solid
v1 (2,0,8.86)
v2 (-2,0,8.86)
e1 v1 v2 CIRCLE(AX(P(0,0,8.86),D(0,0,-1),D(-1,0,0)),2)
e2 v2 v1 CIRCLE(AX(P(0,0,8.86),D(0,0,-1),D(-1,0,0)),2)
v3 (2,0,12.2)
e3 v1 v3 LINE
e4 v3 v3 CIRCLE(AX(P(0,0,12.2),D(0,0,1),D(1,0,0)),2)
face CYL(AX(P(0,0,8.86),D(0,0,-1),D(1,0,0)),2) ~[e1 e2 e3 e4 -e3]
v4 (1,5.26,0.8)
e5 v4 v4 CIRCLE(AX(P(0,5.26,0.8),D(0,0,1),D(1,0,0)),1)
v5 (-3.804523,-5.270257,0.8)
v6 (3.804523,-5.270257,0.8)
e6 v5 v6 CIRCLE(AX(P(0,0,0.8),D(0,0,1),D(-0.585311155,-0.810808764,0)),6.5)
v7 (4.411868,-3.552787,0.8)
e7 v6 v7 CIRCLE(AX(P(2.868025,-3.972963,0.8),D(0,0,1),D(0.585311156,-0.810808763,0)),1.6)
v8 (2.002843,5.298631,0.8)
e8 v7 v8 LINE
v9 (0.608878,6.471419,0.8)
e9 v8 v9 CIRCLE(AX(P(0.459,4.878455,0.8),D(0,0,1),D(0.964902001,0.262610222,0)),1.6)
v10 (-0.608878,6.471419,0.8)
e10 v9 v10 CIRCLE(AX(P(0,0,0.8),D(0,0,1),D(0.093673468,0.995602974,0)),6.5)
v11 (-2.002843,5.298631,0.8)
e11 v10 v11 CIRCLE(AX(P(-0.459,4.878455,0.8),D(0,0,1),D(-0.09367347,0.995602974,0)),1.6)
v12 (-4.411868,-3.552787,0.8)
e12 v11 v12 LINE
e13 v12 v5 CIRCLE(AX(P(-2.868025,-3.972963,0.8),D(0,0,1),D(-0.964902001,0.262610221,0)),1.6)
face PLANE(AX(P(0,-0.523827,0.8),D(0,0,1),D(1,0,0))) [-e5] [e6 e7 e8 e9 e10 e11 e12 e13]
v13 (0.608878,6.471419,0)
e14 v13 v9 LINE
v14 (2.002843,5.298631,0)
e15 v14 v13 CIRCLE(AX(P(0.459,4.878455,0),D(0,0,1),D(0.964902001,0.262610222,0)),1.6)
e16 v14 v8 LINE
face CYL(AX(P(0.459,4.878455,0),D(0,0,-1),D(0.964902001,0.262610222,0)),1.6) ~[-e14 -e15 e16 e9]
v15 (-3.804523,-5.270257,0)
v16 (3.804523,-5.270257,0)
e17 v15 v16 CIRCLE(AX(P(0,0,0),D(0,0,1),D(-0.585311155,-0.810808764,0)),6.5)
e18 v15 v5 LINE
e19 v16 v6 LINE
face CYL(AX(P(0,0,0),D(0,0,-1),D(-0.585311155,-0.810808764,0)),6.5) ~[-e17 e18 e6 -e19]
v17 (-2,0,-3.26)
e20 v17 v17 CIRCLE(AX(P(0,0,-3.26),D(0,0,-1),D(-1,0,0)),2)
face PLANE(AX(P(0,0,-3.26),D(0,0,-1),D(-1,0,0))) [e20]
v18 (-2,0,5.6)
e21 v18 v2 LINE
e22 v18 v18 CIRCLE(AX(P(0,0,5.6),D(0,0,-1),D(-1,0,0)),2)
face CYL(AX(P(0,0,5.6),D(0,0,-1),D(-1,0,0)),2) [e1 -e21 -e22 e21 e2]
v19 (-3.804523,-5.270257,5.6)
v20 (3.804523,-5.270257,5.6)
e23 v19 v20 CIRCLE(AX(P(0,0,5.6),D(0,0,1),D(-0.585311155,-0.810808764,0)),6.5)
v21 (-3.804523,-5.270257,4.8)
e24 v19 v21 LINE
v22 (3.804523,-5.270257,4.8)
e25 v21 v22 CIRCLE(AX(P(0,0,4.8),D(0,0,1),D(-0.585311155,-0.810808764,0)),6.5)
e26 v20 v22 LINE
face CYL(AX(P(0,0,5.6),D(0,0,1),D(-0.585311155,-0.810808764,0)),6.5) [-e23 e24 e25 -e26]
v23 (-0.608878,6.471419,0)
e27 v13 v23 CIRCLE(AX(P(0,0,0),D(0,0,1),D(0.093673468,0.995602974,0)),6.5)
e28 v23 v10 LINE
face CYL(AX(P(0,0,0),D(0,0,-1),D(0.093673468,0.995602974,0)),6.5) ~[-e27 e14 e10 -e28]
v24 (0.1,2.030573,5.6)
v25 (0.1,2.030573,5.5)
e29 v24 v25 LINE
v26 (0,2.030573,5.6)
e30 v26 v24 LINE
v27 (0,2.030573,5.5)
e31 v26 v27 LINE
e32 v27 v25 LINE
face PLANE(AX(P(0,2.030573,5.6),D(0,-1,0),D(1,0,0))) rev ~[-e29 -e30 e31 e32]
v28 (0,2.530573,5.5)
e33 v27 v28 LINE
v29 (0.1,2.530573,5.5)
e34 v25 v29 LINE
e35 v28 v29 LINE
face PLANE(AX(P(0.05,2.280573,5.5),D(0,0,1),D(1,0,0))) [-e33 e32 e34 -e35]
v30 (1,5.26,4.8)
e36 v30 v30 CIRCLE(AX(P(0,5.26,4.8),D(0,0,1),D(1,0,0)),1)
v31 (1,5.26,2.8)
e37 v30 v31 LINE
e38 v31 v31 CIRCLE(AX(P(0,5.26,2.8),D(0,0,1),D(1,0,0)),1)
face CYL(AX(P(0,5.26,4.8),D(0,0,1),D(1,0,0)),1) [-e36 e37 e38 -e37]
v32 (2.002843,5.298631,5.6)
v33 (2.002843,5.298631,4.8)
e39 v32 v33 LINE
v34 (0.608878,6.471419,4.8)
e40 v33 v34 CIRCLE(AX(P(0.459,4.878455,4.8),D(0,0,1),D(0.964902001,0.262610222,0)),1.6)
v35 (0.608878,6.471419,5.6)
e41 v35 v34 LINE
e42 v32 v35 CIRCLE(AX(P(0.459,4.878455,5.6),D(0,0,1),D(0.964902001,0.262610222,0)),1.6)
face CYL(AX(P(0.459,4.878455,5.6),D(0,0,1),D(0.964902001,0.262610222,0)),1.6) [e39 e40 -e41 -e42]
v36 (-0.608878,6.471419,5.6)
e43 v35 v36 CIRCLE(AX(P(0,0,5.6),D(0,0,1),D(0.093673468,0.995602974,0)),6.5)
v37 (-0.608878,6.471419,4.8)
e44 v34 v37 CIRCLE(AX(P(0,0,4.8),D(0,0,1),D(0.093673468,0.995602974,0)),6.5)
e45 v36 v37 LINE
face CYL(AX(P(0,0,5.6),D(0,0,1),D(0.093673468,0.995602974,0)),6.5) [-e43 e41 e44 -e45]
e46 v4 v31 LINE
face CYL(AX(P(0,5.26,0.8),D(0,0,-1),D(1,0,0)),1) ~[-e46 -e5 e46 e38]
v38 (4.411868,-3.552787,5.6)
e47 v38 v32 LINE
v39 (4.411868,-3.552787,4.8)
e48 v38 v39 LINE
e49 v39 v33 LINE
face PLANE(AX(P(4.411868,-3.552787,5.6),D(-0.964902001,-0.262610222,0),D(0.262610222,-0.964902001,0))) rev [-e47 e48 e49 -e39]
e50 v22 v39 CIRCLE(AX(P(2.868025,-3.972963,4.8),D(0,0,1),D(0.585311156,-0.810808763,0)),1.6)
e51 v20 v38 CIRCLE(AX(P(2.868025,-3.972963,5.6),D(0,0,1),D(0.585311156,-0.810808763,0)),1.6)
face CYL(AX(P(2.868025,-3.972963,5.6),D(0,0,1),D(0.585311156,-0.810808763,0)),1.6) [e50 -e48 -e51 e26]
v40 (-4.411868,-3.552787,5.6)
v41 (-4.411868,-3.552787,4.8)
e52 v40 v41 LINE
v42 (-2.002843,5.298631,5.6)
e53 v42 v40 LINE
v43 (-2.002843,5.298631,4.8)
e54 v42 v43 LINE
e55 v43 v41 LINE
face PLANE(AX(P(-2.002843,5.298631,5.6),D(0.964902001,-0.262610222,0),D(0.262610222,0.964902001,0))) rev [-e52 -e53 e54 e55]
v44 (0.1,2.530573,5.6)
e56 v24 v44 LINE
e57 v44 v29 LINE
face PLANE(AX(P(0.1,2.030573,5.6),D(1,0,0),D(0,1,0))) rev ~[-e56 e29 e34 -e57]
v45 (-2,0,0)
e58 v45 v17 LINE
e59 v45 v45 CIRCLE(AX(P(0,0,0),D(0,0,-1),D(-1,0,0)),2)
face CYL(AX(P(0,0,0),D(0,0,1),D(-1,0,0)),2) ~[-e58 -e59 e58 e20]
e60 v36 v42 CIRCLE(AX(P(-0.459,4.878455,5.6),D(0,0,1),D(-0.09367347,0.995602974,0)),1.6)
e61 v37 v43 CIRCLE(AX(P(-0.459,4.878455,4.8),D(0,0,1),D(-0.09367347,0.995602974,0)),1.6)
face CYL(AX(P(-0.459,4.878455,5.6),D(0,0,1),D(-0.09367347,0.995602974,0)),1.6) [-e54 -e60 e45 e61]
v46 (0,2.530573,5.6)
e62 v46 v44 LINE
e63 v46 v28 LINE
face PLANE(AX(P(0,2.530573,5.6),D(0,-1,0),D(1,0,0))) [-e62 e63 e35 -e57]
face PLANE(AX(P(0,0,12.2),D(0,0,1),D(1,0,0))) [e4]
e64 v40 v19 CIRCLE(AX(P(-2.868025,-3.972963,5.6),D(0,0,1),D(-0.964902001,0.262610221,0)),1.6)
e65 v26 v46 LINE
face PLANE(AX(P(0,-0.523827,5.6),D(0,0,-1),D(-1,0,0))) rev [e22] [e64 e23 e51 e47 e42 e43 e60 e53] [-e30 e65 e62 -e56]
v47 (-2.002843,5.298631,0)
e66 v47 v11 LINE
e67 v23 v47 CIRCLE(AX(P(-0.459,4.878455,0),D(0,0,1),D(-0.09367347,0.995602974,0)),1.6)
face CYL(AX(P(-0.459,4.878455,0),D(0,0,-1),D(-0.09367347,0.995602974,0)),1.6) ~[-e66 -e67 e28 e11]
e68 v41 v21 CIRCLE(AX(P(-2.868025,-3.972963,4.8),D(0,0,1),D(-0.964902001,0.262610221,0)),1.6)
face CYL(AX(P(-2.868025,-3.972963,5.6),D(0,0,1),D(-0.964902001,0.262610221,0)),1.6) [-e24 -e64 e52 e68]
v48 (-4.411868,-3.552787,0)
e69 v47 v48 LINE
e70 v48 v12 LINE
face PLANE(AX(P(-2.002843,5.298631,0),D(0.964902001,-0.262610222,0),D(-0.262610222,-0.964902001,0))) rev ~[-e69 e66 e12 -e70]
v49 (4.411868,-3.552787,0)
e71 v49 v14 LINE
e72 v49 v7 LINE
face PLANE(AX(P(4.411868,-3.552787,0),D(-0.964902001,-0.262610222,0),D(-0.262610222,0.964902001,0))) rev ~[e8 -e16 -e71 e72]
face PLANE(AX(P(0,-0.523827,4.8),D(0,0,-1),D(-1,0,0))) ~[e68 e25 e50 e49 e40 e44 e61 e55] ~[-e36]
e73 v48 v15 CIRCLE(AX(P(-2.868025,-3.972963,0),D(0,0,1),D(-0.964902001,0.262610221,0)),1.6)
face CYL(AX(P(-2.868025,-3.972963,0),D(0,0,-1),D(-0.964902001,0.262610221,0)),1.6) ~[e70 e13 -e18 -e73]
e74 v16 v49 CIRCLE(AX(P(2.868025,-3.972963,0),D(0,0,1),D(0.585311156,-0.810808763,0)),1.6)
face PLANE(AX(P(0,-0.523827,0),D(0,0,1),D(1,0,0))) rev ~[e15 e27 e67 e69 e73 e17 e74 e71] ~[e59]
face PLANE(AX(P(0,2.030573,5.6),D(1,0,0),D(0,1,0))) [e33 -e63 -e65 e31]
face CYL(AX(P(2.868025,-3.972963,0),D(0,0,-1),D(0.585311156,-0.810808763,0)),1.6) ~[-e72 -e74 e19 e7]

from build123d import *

# Parameters (mm, degrees)
BOSS_EXTRUDE1_DEPTH = 0.8
SKETCH3_R           = 1
BOSS_EXTRUDE2_DEPTH = 2
SKETCH4_R           = 2
BOSS_EXTRUDE3_DEPTH = 3.26
SKETCH5_R           = 2
BOSS_EXTRUDE4_DEPTH = 3.34
SKETCH6_W           = 0.1
SKETCH6_H           = 0.5
CUT_EXTRUDE1_DEPTH  = 0.1


with BuildPart() as part:
    # Sketch2 → Boss-Extrude1 (new body)
    with BuildSketch(Plane.XY):
        with BuildLine():
            Line((-2.002843202, 5.298630925), (-4.411867861, -3.552786589))
            ThreePointArc((-4.411867861, -3.552786589), (-4.376483825, -4.506396112), (-3.804522508, -5.270256966))
            ThreePointArc((-3.804522508, -5.270256966), (0, -6.5), (3.804522508, -5.270256966))
            ThreePointArc((3.804522508, -5.270256966), (4.376483825, -4.506396112), (4.411867861, -3.552786589))
            Line((4.411867861, -3.552786589), (2.002843202, 5.298630925))
            ThreePointArc((2.002843202, 5.298630925), (1.489063424, 6.102778606), (0.608877551, 6.471419329))
            ThreePointArc((0.608877551, 6.471419329), (0, 6.5), (-0.608877551, 6.471419329))
            ThreePointArc((-0.608877551, 6.471419329), (-1.489063424, 6.102778606), (-2.002843202, 5.298630925))
        make_face()
    extrude(amount=BOSS_EXTRUDE1_DEPTH)

    # Sketch3 → Boss-Extrude2 (add)
    with BuildSketch(Plane.XY.offset(0.8)):
        with Locations((0, 5.26)):
            Circle(SKETCH3_R)
    extrude(amount=BOSS_EXTRUDE2_DEPTH)

    # Sketch4 → Boss-Extrude3 (add)
    with BuildSketch(Plane(origin=(0, 0, 0), x_dir=(-1, 0, 0), z_dir=(0, 0, -1))):
        Circle(SKETCH4_R)
    extrude(amount=BOSS_EXTRUDE3_DEPTH)

    # Mirror1: part across plane


with BuildPart() as part_1:
    add(part.part)
    add(part.part.mirror(Plane(origin=(0, 5.26, 2.8), x_dir=(1, 0, 0), z_dir=(0, 0, 1))))

    # Sketch5 → Boss-Extrude4 (add)
    with BuildSketch(Plane.XY.offset(8.86)):
        Circle(SKETCH5_R)
    extrude(amount=BOSS_EXTRUDE4_DEPTH)

    # Sketch6 → Cut-Extrude1 (cut)
    with BuildSketch(Plane.XY.offset(5.6)):
        with Locations((0.05, 2.280573289)):
            Rectangle(SKETCH6_W, SKETCH6_H)
    extrude(amount=-CUT_EXTRUDE1_DEPTH, mode=Mode.SUBTRACT)


solid = part_1.part
